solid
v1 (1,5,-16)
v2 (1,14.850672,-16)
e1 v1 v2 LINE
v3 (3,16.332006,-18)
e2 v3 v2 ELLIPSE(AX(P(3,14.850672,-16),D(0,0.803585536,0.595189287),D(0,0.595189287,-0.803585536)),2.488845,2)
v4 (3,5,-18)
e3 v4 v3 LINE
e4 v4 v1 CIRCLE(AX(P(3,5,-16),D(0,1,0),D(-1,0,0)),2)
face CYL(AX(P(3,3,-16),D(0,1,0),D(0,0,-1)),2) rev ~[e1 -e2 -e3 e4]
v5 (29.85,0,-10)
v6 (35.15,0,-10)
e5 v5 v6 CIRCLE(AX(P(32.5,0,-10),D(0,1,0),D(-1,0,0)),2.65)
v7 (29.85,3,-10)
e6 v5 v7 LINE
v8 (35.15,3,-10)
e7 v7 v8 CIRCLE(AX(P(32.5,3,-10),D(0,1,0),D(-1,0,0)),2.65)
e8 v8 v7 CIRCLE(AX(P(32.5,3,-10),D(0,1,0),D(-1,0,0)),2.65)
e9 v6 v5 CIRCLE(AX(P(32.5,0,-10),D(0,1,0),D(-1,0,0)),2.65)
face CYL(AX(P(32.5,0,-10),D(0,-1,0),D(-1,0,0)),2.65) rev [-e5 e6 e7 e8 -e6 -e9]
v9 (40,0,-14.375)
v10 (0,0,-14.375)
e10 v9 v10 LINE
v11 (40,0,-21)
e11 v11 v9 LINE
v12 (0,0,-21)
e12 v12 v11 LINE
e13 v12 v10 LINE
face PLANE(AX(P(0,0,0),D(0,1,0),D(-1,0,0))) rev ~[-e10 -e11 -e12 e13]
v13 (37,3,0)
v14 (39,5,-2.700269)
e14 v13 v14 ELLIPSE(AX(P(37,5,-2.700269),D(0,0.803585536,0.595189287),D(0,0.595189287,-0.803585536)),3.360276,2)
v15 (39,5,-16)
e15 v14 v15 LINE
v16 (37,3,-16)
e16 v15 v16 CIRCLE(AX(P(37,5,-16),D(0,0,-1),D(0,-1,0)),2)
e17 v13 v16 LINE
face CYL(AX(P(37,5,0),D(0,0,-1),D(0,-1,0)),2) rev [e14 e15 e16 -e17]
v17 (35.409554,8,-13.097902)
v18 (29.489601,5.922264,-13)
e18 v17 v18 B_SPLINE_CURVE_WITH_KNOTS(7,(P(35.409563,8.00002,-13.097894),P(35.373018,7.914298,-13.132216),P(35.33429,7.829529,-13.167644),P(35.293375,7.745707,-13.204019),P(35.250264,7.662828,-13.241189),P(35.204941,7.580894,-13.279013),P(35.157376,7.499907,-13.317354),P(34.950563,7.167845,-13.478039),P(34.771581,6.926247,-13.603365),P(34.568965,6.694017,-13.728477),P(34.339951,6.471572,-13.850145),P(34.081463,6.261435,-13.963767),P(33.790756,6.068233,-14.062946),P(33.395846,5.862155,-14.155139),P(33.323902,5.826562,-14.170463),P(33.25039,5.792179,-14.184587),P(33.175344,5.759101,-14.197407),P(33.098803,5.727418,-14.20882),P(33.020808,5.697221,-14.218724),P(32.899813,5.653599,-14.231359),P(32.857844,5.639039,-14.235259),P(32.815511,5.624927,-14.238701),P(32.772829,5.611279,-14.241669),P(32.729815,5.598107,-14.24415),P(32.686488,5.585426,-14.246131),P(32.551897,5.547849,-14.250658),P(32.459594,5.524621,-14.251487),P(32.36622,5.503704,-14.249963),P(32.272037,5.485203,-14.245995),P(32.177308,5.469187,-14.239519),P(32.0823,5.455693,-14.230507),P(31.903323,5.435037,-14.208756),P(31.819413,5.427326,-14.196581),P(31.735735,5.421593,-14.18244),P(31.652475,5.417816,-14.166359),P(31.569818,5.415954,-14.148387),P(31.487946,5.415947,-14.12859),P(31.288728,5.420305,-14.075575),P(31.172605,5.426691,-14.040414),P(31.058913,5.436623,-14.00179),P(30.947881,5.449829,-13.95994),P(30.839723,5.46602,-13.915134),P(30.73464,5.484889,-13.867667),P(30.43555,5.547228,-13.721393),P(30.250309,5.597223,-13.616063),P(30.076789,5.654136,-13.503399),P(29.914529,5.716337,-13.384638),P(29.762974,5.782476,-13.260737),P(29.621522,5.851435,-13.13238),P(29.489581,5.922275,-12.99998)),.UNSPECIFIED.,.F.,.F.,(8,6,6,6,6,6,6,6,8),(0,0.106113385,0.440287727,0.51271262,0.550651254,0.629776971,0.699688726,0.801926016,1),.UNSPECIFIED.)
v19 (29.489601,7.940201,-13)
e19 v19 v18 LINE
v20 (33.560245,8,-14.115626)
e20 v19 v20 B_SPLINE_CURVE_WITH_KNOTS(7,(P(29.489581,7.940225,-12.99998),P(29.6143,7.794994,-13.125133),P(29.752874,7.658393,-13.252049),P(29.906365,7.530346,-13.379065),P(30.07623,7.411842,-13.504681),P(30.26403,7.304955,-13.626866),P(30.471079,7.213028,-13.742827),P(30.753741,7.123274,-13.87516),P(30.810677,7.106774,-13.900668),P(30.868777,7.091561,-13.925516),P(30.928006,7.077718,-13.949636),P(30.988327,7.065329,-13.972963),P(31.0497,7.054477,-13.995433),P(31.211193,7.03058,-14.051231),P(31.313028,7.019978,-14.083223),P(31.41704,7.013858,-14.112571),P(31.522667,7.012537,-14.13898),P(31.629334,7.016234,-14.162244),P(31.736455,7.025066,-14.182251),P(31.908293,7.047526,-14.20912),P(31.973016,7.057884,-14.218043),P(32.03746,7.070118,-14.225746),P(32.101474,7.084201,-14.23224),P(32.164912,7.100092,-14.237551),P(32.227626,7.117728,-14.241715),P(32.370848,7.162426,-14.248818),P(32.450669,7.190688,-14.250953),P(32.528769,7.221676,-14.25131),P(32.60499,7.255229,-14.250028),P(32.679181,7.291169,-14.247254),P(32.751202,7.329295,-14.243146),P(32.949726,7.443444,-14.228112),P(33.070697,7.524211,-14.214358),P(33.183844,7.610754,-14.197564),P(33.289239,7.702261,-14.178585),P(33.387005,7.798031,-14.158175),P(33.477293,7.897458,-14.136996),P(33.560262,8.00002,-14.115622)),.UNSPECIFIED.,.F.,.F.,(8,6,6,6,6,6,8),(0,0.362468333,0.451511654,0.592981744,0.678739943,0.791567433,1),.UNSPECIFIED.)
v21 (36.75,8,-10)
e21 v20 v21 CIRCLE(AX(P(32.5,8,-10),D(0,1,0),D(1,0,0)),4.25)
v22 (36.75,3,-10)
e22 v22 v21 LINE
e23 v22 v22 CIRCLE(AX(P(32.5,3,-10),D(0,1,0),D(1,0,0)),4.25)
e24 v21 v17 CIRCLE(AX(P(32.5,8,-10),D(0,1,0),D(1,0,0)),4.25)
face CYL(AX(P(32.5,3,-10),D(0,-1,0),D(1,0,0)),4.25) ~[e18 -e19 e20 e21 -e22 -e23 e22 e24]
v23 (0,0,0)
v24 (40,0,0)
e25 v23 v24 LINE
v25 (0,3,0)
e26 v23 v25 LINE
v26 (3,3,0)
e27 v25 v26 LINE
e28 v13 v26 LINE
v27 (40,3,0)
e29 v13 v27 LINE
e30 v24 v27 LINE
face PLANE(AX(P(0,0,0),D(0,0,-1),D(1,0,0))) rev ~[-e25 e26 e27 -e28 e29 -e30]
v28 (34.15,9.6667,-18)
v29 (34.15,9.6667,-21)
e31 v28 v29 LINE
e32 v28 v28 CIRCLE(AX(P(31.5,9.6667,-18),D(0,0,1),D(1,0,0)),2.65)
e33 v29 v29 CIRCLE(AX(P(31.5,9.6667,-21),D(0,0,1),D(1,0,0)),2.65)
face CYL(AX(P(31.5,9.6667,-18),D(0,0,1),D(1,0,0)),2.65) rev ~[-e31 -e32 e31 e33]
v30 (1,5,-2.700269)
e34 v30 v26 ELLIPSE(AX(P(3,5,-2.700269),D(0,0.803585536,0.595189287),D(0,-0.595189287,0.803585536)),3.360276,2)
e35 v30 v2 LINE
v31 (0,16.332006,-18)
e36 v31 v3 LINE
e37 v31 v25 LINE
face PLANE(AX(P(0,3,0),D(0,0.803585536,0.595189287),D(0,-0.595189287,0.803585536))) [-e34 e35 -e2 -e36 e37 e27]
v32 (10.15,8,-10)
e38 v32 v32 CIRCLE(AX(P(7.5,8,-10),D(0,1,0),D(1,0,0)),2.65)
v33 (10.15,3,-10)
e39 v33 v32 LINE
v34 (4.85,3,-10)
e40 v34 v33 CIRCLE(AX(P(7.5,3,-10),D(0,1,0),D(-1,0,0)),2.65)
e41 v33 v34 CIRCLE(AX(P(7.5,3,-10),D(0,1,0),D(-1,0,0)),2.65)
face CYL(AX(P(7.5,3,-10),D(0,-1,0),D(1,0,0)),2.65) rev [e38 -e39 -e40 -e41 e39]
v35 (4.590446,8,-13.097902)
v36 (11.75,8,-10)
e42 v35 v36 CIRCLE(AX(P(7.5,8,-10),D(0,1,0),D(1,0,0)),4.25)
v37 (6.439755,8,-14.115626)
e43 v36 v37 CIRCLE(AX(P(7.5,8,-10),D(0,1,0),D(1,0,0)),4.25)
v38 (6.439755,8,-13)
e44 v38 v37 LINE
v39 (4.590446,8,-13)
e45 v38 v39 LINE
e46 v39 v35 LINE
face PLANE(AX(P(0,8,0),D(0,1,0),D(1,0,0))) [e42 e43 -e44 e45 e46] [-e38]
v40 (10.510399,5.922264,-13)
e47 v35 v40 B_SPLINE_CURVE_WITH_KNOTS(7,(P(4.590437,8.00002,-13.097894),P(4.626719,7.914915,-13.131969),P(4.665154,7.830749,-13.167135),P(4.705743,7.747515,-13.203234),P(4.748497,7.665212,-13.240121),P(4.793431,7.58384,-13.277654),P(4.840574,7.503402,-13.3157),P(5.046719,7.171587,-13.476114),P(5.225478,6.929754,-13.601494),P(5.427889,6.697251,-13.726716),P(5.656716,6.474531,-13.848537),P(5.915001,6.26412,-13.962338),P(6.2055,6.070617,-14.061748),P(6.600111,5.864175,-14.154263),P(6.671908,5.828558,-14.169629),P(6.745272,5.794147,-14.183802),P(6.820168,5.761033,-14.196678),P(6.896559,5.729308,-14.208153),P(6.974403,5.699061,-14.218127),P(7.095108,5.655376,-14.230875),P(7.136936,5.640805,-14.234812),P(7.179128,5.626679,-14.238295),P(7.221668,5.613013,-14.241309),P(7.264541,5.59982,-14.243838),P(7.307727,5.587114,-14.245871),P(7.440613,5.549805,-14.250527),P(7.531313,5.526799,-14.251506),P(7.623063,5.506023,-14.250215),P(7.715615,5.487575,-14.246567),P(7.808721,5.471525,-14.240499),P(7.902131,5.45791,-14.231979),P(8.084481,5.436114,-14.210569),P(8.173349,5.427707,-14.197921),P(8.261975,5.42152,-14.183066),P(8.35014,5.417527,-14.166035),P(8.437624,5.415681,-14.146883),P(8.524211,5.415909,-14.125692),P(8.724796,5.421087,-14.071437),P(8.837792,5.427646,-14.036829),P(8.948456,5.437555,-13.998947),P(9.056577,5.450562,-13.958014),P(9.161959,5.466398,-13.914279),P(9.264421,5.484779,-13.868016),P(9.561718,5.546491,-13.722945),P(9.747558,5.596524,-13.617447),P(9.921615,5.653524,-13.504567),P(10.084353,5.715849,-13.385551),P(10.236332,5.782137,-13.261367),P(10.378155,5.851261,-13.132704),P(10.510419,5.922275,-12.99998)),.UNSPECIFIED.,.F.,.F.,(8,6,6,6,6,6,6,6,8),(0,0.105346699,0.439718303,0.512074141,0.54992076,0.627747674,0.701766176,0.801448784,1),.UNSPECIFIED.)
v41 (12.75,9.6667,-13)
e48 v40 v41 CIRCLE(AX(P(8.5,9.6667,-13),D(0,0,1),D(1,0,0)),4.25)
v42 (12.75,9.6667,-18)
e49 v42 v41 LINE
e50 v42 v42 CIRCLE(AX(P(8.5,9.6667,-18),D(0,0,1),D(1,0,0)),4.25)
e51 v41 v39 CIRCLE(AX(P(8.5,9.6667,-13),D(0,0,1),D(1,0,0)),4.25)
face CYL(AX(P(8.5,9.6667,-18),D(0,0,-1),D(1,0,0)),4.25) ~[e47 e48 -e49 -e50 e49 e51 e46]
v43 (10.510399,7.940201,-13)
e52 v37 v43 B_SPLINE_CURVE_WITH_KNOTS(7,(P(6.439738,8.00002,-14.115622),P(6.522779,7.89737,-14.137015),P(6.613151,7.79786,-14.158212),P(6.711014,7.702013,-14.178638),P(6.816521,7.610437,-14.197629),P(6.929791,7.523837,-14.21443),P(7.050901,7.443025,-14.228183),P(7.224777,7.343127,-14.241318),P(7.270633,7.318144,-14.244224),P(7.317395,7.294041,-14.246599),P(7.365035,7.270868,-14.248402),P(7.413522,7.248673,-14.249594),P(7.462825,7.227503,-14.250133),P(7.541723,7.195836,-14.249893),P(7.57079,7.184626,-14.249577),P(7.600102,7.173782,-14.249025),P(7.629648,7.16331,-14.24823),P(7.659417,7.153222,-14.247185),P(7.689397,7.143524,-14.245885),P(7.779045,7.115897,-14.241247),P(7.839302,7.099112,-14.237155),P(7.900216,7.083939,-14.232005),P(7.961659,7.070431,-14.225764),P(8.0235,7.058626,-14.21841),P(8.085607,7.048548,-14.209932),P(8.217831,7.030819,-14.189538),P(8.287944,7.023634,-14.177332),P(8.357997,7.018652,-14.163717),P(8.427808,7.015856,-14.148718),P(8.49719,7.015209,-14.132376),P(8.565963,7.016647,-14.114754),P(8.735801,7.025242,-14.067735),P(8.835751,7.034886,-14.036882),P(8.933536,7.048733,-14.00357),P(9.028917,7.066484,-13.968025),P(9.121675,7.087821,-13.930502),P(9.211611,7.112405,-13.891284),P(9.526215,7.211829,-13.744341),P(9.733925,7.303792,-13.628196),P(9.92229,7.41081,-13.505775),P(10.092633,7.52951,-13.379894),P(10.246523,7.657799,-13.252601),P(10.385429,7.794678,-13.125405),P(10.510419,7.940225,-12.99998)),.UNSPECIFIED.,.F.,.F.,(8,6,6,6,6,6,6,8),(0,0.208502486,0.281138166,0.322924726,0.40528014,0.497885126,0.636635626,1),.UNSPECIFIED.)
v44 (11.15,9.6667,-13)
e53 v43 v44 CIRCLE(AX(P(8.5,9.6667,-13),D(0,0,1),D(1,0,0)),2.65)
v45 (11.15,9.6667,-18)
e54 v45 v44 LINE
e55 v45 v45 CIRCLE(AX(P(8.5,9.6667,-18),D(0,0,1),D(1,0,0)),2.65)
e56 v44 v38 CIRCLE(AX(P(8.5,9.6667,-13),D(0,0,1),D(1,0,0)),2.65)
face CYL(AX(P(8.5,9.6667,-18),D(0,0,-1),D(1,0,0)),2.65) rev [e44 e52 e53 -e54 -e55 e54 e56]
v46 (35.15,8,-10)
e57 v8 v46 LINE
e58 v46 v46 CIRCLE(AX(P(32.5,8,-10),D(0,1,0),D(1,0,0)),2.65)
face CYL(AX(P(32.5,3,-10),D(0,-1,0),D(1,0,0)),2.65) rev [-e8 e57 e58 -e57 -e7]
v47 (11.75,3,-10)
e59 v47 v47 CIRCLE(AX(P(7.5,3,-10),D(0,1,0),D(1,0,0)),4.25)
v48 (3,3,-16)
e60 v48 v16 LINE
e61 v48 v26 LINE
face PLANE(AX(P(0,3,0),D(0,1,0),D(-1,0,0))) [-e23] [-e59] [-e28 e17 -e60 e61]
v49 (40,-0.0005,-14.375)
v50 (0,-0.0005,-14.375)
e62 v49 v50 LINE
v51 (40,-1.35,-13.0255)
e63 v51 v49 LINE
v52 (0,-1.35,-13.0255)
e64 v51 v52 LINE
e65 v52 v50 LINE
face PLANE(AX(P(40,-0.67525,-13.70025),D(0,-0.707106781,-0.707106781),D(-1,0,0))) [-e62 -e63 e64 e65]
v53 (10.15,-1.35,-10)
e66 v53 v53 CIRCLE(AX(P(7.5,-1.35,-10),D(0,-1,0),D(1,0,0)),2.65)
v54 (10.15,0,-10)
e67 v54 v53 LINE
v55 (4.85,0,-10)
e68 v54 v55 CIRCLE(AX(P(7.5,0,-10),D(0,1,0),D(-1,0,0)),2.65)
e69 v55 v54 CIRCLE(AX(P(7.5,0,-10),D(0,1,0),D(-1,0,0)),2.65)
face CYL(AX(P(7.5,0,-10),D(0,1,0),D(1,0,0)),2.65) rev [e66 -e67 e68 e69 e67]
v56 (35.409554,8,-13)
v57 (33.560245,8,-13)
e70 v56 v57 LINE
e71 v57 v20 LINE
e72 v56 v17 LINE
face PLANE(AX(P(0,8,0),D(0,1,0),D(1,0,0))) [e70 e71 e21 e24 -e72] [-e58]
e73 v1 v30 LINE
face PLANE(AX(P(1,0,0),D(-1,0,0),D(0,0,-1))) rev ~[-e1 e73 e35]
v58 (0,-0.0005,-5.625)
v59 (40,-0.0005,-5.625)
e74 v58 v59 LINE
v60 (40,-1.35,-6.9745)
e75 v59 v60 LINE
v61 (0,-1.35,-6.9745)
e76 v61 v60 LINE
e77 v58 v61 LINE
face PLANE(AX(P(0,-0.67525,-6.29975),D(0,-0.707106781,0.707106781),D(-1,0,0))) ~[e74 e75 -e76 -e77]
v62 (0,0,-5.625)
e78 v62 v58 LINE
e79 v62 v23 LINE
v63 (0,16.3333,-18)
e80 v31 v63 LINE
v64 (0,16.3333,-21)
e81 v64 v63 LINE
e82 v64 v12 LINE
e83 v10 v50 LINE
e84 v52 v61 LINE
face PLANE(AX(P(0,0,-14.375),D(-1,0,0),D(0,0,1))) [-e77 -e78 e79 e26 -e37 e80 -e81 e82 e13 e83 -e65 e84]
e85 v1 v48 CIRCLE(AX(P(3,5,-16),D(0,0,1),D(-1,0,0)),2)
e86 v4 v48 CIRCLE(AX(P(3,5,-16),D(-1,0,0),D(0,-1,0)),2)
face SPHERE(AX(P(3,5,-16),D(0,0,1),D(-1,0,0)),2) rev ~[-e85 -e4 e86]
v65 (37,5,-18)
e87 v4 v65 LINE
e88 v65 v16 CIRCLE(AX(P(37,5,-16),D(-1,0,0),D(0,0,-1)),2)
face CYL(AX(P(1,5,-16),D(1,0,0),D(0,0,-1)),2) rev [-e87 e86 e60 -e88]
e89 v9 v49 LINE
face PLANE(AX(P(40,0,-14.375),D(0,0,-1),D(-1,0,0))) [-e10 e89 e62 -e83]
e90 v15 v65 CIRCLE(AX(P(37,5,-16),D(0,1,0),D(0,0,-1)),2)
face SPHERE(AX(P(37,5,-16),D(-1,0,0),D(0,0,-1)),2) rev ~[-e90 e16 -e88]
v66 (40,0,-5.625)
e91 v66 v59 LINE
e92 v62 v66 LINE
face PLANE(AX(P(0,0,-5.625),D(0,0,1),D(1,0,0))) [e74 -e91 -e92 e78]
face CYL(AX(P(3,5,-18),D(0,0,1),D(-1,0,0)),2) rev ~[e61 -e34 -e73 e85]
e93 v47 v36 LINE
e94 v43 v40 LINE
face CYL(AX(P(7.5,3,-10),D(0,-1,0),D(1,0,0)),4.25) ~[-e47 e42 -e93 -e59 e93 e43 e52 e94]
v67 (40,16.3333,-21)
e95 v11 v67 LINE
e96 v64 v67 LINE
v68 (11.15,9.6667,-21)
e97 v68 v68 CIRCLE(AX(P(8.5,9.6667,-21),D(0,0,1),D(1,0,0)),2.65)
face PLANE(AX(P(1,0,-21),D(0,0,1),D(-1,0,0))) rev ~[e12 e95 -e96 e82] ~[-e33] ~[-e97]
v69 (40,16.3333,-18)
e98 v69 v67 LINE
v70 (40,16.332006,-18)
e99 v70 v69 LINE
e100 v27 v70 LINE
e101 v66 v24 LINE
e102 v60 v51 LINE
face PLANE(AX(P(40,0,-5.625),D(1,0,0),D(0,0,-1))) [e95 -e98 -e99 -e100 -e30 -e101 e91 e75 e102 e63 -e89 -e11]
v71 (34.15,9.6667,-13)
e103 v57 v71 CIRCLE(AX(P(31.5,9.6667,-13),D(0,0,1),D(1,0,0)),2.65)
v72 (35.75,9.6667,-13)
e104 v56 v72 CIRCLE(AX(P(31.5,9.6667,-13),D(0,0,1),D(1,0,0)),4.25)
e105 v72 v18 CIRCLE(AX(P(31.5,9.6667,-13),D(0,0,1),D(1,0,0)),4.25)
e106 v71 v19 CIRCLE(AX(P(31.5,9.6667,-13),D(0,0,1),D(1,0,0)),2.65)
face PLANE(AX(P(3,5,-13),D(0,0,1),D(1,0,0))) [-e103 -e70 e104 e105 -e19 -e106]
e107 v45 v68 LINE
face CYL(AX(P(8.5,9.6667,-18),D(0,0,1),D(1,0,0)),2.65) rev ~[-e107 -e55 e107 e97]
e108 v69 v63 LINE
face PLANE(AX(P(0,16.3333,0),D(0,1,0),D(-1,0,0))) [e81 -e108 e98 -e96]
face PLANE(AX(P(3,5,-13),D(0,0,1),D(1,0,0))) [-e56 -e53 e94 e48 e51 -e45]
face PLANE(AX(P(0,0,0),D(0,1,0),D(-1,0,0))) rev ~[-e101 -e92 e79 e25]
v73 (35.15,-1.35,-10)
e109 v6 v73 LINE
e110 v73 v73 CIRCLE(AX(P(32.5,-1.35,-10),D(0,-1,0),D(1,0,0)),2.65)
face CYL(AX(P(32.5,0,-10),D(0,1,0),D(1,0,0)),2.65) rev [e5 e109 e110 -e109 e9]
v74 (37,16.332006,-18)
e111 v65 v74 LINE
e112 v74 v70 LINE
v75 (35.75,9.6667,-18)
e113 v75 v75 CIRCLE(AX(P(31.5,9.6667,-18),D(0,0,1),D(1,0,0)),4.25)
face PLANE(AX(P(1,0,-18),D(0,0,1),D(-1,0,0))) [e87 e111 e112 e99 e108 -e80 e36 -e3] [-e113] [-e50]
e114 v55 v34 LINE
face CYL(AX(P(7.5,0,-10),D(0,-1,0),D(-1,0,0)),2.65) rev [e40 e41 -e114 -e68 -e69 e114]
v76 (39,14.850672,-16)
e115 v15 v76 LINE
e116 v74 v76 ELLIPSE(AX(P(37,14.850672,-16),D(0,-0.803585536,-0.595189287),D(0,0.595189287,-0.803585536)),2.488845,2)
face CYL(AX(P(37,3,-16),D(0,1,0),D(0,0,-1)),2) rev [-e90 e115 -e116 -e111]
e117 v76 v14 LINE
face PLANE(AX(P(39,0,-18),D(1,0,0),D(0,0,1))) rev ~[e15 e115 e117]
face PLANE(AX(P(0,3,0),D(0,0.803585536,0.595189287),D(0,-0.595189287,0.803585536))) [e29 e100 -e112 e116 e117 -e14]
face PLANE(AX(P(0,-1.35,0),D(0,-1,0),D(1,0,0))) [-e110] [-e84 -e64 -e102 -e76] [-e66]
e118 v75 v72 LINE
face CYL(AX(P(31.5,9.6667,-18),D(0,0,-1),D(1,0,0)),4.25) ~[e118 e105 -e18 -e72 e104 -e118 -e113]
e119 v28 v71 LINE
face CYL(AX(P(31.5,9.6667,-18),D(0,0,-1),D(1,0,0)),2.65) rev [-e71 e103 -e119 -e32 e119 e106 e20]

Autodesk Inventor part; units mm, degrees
ref_plane "YZ Plane" through (0, 0, 0) normal (1, 0, 0) x (0, 1, 0)
sketch "Sketch1" plane through (0, 0, 0) normal (0, 1, 0) x (-1, 0, 0)
  line L0 (0, 0) -> (-40, 0)
  line L1 (-40, 0) -> (-40, -21)
  line L2 (-40, -21) -> (0, -21)
  line L3 (0, -21) -> (0, 0)
  circle A0 centre (-7.5, -10) radius 2.65
  circle A1 centre (-32.5, -10) radius 2.65
  line L4 (-7.5, -10) -> (-32.5, -10) construction
  line L5 (0, -21) -> (-40, -21)
  line L6 (-40, -21) -> (-40, -18)
  line L7 (-40, -18) -> (0, -18)
  line L8 (0, -18) -> (0, -21)
  line L9 (-40, -21) -> (-39, -21)
  line L10 (-39, -21) -> (-39, 0)
  line L11 (-39, 0) -> (-40, 0)
  line L12 (-40, 0) -> (-40, -21)
  line L13 (0, 0) -> (-1, 0)
  line L14 (-1, 0) -> (-1, -21)
  line L15 (-1, -21) -> (0, -21)
  line L16 (0, -21) -> (0, 0)
  line L17 (-32.5, -10) -> (-40, -10) construction
  line L18 (-7.5, -10) -> (0, -10) construction
  point P0 (-1, -18)
  point P1 (-39, -18)
  dimension "d0" = 40
  dimension "d1" = 21
  dimension "d3" = 5.3
  dimension "d4" = 3
  dimension "d9" = 1
  dimension "d10" = 1
  dimension "d23" = 11
  dimension "d24" = 25
extrude "Extrusion1" add sketch "Sketch1" along normal blind 3
extrude "Extrusion2" add sketch "Sketch1" along normal blind 16.3333 contours L3 L2 L14 L7 | L14 L2 L10 L7 | L10 L2 L1 L7
ref_plane "Work Plane1" through (0, 3, 0) normal (0, 0.8036, 0.5952) x (1, 0, 0)
extrude "Extrusion3" add sketch "Sketch1" along normal up to surface contours L3 L7 L14 L0 | L10 L7 L1 L0 surface through (0, 3, 0) normal (0, 0.8036, 0.5952)
sketch "Sketch3" plane through (1, 3, -18) normal (0, 0, 1) x (1, 0, 0)
  line L0 (0, 13.3333) -> (0, 0) projected
  line L1 (0, 13.3333) -> (0, 0) projected
  line L2 (38, 0) -> (0, 0) projected
  line L3 (38, 0) -> (38, 13.3333) projected
  line L4 (0, 13.3333) -> (38, 13.3333) projected
  line L5 (0, 6.6667) -> (7.5, 6.6667) construction
  line L6 (7.5, 6.6667) -> (30.5, 6.6667) construction
  line L7 (30.5, 6.6667) -> (38, 6.6667) construction
  circle A0 centre (7.5, 6.6667) radius 2.65
  circle A1 centre (30.5, 6.6667) radius 2.65
  point P0 (-1, -3)
  dimension "d13" = 7.5
  dimension "d14" = 5.3
extrude "Extrusion4" cut sketch "Sketch3" against normal through all contours A0 | A1
ref_plane "Work Plane2" through (20, 0, -21) normal (-1, 0, 0) x (0, 0, 1)
sketch "Sketch5" plane through (0, 0, 0) normal (0, -1, 0) x (1, 0, 0)
  line L0 (0, -5.625) -> (40, -5.625)
  line L1 (40, -5.625) -> (40, -14.375)
  line L2 (40, -14.375) -> (0, -14.375)
  line L3 (0, -14.375) -> (0, -5.625)
  line L4 (0, -21) -> (0, 0) projected
  line L5 (40, 0) -> (40, -21) projected
  line L6 (0, -10) -> (40, -10) construction
  circle A0 centre (7.5, -10) radius 2.65 projected
  circle A1 centre (32.5, -10) radius 2.65 projected
  dimension "d17" = 8.75
extrude "Extrusion5" add sketch "Sketch5" along normal blind 1.35
chamfer "Chamfer1" distance 1.35 angle 45 2 edges at (20, -1.35, -5.625) (20, -1.35, -14.375)
fillet "Fillet1" radius 2 5 edges at (1, 3, -9) (1, 9.6667, -18) (20, 3, -18) (39, 9.6667, -18) (39, 3, -9)
sketch "Sketch6" plane through (3, 5, -18) normal (0, 0, 1) x (1, 0, 0)
  circle A0 centre (28.5, 4.6667) radius 2.65 projected
  circle A1 centre (5.5, 4.6667) radius 2.65 projected
  circle A2 centre (5.5, 4.6667) radius 4.25
  circle A3 centre (28.5, 4.6667) radius 4.25
  point P0 (-3, -5)
  dimension "d26" = 8.5
  dimension "d27" = 8.5
extrude "Extrusion6" add sketch "Sketch6" along normal blind 5
sketch "Sketch7" plane through (0, 3, 0) normal (0, 1, 0) x (1, 0, 0)
  circle A0 centre (7.5, 10) radius 2.65 projected
  circle A1 centre (32.5, 10) radius 2.65 projected
  circle A2 centre (7.5, 10) radius 4.25
  circle A3 centre (32.5, 10) radius 4.25
  point P0 (0, 0)
  dimension "d30" = 8.5
  dimension "d31" = 8.5
extrude "Extrusion7" add sketch "Sketch7" along normal blind 5
properties part number "Soporte Cajas" material "Rubber, Silicone"
